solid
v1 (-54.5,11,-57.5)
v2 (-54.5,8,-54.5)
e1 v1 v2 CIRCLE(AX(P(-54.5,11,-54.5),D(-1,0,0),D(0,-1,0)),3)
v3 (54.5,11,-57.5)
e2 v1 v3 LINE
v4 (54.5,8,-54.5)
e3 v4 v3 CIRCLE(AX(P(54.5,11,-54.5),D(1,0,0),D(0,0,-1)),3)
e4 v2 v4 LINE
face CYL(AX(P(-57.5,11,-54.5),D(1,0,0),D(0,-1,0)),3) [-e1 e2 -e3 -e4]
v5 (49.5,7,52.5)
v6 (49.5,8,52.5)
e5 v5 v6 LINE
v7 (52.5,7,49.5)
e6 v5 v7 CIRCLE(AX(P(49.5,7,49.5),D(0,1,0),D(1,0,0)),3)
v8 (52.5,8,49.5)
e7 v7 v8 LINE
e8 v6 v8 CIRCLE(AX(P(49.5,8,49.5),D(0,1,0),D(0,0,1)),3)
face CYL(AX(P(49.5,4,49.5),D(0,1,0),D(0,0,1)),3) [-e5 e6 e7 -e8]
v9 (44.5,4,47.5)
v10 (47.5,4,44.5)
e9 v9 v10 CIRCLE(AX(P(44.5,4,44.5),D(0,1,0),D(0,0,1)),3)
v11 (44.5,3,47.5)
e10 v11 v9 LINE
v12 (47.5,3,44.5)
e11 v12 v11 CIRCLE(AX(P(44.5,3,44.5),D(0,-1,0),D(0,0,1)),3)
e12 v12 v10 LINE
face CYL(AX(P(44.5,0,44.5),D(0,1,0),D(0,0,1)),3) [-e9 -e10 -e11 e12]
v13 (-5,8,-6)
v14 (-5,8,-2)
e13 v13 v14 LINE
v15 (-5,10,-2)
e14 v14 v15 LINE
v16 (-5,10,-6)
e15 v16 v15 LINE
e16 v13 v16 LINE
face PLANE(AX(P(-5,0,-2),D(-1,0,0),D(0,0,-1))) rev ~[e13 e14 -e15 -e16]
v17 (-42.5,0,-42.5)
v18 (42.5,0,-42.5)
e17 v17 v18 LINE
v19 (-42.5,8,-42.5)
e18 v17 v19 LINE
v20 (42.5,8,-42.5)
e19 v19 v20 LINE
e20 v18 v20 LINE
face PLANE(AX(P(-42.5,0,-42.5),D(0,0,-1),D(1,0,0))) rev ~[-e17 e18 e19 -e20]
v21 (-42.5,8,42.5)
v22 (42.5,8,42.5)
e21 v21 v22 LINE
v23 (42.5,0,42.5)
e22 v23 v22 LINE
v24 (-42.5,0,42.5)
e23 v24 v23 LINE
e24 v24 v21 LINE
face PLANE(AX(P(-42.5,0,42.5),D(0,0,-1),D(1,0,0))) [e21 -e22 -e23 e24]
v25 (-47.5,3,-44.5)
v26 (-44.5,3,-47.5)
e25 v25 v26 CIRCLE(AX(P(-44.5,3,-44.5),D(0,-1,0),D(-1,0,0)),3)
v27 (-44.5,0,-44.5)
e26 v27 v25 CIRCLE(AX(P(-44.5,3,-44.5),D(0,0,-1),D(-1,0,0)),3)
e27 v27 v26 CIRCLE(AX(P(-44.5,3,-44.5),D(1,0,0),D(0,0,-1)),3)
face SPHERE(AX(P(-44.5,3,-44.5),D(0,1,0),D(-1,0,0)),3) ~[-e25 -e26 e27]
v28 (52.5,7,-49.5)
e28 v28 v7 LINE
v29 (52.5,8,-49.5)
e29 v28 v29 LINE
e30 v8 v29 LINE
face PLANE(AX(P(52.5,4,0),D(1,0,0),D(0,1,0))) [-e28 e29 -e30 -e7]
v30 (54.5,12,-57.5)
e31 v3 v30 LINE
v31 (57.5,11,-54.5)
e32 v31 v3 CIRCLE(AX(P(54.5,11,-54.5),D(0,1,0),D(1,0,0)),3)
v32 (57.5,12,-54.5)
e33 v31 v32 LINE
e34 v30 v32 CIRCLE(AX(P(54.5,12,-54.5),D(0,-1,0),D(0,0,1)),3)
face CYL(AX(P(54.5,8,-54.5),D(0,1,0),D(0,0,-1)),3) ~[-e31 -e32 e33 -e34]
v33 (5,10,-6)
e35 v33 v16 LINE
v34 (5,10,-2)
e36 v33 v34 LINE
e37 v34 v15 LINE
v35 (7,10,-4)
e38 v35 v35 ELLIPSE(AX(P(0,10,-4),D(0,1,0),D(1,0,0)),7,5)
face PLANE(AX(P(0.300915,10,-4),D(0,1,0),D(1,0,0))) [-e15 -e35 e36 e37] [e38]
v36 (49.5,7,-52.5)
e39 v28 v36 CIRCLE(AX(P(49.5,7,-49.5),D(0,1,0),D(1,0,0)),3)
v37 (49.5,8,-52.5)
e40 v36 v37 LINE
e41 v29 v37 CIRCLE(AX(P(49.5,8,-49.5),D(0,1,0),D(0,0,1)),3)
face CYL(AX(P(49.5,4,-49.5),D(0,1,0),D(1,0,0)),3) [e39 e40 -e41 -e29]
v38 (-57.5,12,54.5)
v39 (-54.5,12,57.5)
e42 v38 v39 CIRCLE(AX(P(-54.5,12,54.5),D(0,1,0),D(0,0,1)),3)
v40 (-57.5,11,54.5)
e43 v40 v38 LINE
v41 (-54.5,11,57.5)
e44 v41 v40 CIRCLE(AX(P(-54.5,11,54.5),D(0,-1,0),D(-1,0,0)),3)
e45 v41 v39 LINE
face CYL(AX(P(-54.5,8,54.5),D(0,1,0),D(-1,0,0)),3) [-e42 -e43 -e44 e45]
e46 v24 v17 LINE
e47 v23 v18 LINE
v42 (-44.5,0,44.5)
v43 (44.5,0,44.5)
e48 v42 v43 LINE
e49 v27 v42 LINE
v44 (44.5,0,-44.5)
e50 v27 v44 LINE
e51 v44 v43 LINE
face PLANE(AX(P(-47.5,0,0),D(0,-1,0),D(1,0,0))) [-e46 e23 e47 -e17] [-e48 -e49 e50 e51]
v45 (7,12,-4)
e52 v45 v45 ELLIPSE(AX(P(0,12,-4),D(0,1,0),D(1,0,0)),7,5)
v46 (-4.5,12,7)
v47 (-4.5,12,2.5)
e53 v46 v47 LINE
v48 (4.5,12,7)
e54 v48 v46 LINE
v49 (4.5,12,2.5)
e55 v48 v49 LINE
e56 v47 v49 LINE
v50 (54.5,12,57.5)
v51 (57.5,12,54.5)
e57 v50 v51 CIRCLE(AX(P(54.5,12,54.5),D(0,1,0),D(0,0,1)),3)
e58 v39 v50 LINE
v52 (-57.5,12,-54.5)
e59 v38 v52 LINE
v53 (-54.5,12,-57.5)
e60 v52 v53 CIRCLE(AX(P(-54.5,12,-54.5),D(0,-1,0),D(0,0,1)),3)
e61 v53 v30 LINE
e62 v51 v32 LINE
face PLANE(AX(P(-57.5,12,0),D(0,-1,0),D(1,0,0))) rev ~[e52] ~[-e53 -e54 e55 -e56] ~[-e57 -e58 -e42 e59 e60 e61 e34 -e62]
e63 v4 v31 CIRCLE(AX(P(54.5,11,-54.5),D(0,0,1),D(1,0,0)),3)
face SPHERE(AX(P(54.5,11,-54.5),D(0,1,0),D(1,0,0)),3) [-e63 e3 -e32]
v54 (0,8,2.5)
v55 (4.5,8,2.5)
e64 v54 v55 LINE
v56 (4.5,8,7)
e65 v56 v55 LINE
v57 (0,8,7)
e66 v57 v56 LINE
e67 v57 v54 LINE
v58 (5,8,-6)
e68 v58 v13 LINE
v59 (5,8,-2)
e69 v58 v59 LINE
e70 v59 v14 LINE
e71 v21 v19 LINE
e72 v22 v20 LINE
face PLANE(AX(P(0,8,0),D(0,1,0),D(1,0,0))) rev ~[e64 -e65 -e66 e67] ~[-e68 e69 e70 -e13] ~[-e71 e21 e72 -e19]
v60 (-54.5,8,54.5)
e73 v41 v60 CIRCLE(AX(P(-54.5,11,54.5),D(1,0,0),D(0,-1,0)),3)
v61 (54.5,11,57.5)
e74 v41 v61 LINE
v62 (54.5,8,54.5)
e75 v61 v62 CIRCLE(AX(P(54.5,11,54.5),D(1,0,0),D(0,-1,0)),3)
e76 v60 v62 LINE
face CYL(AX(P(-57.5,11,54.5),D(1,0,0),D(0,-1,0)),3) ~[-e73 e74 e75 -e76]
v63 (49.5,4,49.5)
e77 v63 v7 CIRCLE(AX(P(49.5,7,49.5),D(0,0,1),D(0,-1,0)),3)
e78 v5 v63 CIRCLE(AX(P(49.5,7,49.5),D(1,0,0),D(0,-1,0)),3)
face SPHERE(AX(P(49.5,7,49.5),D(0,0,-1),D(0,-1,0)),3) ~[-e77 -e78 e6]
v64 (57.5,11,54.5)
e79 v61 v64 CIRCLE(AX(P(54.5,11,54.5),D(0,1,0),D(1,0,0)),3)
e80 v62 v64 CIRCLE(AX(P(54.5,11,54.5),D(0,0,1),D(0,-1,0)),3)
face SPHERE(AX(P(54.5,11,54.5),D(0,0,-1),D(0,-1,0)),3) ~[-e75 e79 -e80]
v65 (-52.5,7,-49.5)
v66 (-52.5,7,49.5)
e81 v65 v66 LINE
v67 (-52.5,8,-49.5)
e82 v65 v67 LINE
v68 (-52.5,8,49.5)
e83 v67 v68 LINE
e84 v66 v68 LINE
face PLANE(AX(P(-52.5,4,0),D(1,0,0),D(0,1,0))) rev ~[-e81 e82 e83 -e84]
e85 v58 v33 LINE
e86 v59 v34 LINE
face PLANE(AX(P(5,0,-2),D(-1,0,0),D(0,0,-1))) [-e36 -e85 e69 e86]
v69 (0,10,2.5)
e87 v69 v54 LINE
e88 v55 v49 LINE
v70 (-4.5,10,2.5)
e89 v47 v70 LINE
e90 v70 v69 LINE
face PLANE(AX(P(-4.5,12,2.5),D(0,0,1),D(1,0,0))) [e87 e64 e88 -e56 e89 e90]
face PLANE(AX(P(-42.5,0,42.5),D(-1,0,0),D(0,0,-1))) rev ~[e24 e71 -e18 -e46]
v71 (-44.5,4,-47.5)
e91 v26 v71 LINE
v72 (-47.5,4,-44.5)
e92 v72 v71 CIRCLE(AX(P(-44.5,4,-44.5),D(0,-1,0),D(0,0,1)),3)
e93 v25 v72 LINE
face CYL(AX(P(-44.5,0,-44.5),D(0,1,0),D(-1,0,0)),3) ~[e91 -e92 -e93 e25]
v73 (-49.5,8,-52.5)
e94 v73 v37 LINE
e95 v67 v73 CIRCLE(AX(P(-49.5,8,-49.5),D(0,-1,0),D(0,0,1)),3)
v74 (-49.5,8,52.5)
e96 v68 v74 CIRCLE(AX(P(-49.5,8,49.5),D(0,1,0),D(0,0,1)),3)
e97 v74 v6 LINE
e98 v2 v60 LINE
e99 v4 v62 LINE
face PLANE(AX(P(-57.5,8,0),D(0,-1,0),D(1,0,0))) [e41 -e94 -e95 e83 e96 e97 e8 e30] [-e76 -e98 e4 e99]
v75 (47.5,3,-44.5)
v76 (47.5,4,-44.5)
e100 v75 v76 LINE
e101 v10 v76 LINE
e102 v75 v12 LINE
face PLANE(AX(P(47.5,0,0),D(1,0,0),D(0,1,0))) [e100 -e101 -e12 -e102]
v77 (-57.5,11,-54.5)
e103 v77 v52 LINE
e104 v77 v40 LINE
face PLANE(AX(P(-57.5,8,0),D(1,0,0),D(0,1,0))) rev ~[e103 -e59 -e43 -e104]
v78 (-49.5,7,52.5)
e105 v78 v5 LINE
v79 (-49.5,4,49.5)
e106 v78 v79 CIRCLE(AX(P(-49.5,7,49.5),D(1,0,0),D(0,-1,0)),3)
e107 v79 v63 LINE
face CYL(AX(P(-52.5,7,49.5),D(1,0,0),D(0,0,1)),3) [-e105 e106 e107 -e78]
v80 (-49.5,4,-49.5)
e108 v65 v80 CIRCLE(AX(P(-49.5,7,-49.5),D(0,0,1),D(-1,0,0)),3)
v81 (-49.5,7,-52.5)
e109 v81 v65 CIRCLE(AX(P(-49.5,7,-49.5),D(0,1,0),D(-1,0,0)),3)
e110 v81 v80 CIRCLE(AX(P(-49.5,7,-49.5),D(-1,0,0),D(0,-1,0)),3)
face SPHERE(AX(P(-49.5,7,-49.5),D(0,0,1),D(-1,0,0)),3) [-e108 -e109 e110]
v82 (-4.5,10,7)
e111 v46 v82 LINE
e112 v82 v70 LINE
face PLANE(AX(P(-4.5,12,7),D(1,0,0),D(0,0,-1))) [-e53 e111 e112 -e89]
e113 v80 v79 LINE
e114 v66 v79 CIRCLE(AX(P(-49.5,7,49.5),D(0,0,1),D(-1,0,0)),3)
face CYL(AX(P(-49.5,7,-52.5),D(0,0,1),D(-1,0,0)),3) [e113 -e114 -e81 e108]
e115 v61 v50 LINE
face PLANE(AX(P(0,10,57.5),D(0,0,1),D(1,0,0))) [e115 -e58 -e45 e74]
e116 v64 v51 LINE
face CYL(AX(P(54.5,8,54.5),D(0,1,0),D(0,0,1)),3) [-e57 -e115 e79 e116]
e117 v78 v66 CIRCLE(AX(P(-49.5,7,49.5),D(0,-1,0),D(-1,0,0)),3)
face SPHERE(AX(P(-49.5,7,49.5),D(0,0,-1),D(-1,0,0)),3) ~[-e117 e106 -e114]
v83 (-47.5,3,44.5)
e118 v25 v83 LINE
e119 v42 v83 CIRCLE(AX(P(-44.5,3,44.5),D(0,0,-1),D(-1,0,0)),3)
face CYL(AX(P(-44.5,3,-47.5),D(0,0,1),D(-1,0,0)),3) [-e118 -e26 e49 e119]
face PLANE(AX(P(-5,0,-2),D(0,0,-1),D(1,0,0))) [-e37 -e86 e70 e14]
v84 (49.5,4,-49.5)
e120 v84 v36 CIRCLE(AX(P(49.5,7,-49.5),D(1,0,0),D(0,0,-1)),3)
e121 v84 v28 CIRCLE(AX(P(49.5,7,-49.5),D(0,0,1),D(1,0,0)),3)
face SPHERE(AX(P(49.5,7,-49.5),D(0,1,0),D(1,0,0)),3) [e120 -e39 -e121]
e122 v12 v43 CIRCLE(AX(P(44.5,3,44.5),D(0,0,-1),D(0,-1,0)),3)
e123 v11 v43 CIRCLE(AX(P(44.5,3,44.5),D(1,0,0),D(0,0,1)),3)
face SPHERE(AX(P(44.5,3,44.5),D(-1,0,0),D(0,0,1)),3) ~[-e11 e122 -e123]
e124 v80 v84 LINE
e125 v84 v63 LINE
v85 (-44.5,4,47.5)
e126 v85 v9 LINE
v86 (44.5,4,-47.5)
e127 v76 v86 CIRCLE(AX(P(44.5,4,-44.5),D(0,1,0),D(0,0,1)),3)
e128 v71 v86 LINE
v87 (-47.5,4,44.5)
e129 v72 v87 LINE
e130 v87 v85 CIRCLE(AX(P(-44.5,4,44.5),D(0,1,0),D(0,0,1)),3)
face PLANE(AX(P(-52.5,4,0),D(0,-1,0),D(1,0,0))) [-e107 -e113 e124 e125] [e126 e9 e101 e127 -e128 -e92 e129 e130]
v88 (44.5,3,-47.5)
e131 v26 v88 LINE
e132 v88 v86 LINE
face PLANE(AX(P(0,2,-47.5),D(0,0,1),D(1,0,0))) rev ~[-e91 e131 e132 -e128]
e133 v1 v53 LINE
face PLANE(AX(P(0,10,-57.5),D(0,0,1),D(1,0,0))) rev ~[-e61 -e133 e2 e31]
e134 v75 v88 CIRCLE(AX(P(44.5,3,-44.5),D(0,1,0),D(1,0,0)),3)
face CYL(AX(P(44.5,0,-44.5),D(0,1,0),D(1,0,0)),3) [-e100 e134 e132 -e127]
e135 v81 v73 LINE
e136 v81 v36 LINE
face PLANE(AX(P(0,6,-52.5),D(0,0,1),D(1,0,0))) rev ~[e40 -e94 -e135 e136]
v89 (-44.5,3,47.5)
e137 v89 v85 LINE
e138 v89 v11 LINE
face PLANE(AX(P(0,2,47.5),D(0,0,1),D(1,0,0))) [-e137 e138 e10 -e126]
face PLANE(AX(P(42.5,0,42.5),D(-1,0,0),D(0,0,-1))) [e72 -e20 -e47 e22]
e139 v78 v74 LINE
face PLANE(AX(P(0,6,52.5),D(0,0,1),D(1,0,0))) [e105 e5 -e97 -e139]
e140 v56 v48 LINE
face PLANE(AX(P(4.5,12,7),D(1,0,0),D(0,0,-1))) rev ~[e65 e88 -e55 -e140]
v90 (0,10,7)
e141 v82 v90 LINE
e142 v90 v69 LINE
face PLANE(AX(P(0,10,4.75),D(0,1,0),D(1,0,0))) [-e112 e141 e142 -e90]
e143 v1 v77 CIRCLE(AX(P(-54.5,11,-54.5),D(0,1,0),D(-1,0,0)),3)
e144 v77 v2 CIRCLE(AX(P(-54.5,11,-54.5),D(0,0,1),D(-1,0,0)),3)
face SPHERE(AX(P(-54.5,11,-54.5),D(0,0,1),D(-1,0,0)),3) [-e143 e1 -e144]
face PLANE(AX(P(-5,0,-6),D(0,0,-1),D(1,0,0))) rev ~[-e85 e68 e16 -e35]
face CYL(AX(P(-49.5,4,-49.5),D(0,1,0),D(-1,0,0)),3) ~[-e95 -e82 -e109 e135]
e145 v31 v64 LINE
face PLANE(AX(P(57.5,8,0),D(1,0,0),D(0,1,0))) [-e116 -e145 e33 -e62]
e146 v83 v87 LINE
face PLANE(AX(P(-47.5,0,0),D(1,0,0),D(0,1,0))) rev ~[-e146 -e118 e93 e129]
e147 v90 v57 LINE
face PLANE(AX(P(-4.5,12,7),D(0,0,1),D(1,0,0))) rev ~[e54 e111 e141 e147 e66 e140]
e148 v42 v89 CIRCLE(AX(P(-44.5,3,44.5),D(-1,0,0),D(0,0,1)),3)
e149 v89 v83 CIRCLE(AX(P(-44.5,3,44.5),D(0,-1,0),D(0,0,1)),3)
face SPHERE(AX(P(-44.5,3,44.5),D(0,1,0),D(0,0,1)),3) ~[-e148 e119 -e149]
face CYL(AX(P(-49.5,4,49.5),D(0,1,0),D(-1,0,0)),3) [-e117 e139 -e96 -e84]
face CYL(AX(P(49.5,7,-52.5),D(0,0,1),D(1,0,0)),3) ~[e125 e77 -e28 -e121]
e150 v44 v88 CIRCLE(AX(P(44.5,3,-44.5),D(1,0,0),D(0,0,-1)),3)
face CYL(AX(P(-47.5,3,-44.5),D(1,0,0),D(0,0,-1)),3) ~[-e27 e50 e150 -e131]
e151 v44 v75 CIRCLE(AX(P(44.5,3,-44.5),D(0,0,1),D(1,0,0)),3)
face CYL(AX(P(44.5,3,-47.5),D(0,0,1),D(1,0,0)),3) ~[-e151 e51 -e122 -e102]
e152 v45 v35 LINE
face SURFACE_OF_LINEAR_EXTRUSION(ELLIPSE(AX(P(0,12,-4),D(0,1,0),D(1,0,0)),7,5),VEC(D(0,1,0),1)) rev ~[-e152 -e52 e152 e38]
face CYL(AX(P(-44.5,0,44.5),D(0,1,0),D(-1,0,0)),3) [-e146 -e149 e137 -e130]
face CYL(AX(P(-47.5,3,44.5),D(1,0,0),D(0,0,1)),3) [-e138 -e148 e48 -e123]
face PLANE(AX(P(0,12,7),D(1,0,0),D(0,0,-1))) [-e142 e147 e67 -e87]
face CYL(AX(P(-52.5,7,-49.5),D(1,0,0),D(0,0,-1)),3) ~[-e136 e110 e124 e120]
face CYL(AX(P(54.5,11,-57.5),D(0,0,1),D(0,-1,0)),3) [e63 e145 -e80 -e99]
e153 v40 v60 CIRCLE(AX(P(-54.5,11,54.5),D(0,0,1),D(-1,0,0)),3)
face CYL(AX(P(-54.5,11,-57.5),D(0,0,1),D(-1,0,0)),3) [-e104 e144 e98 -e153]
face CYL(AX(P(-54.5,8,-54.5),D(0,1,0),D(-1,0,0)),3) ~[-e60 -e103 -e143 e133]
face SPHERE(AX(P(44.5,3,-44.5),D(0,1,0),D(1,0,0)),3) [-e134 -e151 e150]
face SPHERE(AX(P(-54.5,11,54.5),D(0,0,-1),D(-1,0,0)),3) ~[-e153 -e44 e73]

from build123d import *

# Parameters (mm, degrees)
SKETCH7_W                = 95
SKETCH7_H                = 4
BOSS_EXTRUDE4_DEPTH      = 47.5
BOSS_EXTRUDE4_DEPTH_BACK = 47.5
SKETCH8_W                = 105
SKETCH8_H                = 4
BOSS_EXTRUDE5_DEPTH      = 52.5
BOSS_EXTRUDE5_DEPTH_BACK = 52.5
SKETCH9_W                = 115
SKETCH9_H                = 4
BOSS_EXTRUDE6_DEPTH      = 57.5
BOSS_EXTRUDE6_DEPTH_BACK = 57.5
SKETCH10_W               = 85
SKETCH10_H               = 85
CUT_EXTRUDE1_DEPTH       = 8
CUT_EXTRUDE1_DEPTH_BACK  = 3.5
SKETCH12_RX              = 7
SKETCH12_RY              = 5
CUT_EXTRUDE2_DEPTH       = 2
SKETCH13_W               = 10
SKETCH13_H               = 4
CUT_EXTRUDE3_DEPTH       = 29
CUT_EXTRUDE3_DEPTH_BACK  = 1
FILLET4_R                = 3
SKETCH14_W               = 9
SKETCH14_H               = 4.5
CUT_EXTRUDE4_DEPTH       = 2
SKETCH16_W               = 4.5
SKETCH16_H               = 4.5
CUT_EXTRUDE5_DEPTH       = 10


with BuildPart() as part:
    # Sketch7 → Boss-Extrude4 (new body, two sides)
    with BuildSketch(Plane.XY) as boss_extrude4_sk:
        with Locations((0, 2)):
            Rectangle(SKETCH7_W, SKETCH7_H)
    extrude(amount=BOSS_EXTRUDE4_DEPTH)
    extrude(boss_extrude4_sk.sketch, amount=-BOSS_EXTRUDE4_DEPTH_BACK)

    # Sketch8 → Boss-Extrude5 (add, two sides)
    with BuildSketch(Plane.XY) as boss_extrude5_sk:
        with Locations((0, 6)):
            Rectangle(SKETCH8_W, SKETCH8_H)
    extrude(amount=BOSS_EXTRUDE5_DEPTH)
    extrude(boss_extrude5_sk.sketch, amount=-BOSS_EXTRUDE5_DEPTH_BACK)

    # Sketch9 → Boss-Extrude6 (add, two sides)
    with BuildSketch(Plane.XY) as boss_extrude6_sk:
        with Locations((0, 10)):
            Rectangle(SKETCH9_W, SKETCH9_H)
    extrude(amount=BOSS_EXTRUDE6_DEPTH)
    extrude(boss_extrude6_sk.sketch, amount=-BOSS_EXTRUDE6_DEPTH_BACK)

    # Sketch10 → Cut-Extrude1 (cut, two sides)
    with BuildSketch(Plane(origin=(0, 0, 0), x_dir=(1, 0, 0), z_dir=(0, 1, 0))) as cut_extrude1_sk:
        Rectangle(SKETCH10_W, SKETCH10_H)
    extrude(amount=CUT_EXTRUDE1_DEPTH, mode=Mode.SUBTRACT)
    extrude(cut_extrude1_sk.sketch, amount=-CUT_EXTRUDE1_DEPTH_BACK, mode=Mode.SUBTRACT)

    # Sketch12 → Cut-Extrude2 (cut)
    with BuildSketch(Plane(origin=(0, 12, 0), x_dir=(1, 0, 0), z_dir=(0, 1, 0))):
        with Locations((0, 4)):
            Ellipse(SKETCH12_RX, SKETCH12_RY)
    extrude(amount=-CUT_EXTRUDE2_DEPTH, mode=Mode.SUBTRACT)

    # Sketch13 → Cut-Extrude3 (cut, two sides)
    with BuildSketch(Plane(origin=(0, 0, 0), x_dir=(1, 0, 0), z_dir=(0, 1, 0))) as cut_extrude3_sk:
        with Locations((0, 4)):
            Rectangle(SKETCH13_W, SKETCH13_H)
    extrude(amount=CUT_EXTRUDE3_DEPTH, mode=Mode.SUBTRACT)
    extrude(cut_extrude3_sk.sketch, amount=-CUT_EXTRUDE3_DEPTH_BACK, mode=Mode.SUBTRACT)

    # Fillet4
    fillet4_edges = [part.edges().sort_by_distance(p)[0] for p in [
        (-47.5, 2, 47.5),
        (47.5, 2, -47.5),
        (0, 0, 47.5),
        (47.5, 2, 47.5),
        (-52.5, 4, 0),
        (-52.5, 6, -52.5),
        (52.5, 6, -52.5),
        (52.5, 4, 0),
        (0, 4, -52.5),
        (-52.5, 6, 52.5),
        (0, 4, 52.5),
        (52.5, 6, 52.5),
        (-57.5, 8, 0),
        (-57.5, 10, -57.5),
        (57.5, 10, -57.5),
        (57.5, 8, 0),
        (0, 8, -57.5),
        (-57.5, 10, 57.5),
        (0, 8, 57.5),
        (57.5, 10, 57.5),
        (-47.5, 2, -47.5),
        (47.5, 0, 0),
        (-47.5, 0, 0),
        (0, 0, -47.5),
    ]]
    fillet(fillet4_edges, radius=FILLET4_R)

    # Sketch14 → Cut-Extrude4 (cut)
    with BuildSketch(Plane(origin=(0, 12, 0), x_dir=(1, 0, 0), z_dir=(0, 1, 0))):
        with Locations((0, -4.75)):
            Rectangle(SKETCH14_W, SKETCH14_H)
    extrude(amount=-CUT_EXTRUDE4_DEPTH, mode=Mode.SUBTRACT)

    # Sketch16 → Cut-Extrude5 (cut)
    with BuildSketch(Plane(origin=(0, 12, 0), x_dir=(1, 0, 0), z_dir=(0, 1, 0))):
        with Locations((2.25, -4.75)):
            Rectangle(SKETCH16_W, SKETCH16_H)
    extrude(amount=-CUT_EXTRUDE5_DEPTH, mode=Mode.SUBTRACT)


solid = part.part
